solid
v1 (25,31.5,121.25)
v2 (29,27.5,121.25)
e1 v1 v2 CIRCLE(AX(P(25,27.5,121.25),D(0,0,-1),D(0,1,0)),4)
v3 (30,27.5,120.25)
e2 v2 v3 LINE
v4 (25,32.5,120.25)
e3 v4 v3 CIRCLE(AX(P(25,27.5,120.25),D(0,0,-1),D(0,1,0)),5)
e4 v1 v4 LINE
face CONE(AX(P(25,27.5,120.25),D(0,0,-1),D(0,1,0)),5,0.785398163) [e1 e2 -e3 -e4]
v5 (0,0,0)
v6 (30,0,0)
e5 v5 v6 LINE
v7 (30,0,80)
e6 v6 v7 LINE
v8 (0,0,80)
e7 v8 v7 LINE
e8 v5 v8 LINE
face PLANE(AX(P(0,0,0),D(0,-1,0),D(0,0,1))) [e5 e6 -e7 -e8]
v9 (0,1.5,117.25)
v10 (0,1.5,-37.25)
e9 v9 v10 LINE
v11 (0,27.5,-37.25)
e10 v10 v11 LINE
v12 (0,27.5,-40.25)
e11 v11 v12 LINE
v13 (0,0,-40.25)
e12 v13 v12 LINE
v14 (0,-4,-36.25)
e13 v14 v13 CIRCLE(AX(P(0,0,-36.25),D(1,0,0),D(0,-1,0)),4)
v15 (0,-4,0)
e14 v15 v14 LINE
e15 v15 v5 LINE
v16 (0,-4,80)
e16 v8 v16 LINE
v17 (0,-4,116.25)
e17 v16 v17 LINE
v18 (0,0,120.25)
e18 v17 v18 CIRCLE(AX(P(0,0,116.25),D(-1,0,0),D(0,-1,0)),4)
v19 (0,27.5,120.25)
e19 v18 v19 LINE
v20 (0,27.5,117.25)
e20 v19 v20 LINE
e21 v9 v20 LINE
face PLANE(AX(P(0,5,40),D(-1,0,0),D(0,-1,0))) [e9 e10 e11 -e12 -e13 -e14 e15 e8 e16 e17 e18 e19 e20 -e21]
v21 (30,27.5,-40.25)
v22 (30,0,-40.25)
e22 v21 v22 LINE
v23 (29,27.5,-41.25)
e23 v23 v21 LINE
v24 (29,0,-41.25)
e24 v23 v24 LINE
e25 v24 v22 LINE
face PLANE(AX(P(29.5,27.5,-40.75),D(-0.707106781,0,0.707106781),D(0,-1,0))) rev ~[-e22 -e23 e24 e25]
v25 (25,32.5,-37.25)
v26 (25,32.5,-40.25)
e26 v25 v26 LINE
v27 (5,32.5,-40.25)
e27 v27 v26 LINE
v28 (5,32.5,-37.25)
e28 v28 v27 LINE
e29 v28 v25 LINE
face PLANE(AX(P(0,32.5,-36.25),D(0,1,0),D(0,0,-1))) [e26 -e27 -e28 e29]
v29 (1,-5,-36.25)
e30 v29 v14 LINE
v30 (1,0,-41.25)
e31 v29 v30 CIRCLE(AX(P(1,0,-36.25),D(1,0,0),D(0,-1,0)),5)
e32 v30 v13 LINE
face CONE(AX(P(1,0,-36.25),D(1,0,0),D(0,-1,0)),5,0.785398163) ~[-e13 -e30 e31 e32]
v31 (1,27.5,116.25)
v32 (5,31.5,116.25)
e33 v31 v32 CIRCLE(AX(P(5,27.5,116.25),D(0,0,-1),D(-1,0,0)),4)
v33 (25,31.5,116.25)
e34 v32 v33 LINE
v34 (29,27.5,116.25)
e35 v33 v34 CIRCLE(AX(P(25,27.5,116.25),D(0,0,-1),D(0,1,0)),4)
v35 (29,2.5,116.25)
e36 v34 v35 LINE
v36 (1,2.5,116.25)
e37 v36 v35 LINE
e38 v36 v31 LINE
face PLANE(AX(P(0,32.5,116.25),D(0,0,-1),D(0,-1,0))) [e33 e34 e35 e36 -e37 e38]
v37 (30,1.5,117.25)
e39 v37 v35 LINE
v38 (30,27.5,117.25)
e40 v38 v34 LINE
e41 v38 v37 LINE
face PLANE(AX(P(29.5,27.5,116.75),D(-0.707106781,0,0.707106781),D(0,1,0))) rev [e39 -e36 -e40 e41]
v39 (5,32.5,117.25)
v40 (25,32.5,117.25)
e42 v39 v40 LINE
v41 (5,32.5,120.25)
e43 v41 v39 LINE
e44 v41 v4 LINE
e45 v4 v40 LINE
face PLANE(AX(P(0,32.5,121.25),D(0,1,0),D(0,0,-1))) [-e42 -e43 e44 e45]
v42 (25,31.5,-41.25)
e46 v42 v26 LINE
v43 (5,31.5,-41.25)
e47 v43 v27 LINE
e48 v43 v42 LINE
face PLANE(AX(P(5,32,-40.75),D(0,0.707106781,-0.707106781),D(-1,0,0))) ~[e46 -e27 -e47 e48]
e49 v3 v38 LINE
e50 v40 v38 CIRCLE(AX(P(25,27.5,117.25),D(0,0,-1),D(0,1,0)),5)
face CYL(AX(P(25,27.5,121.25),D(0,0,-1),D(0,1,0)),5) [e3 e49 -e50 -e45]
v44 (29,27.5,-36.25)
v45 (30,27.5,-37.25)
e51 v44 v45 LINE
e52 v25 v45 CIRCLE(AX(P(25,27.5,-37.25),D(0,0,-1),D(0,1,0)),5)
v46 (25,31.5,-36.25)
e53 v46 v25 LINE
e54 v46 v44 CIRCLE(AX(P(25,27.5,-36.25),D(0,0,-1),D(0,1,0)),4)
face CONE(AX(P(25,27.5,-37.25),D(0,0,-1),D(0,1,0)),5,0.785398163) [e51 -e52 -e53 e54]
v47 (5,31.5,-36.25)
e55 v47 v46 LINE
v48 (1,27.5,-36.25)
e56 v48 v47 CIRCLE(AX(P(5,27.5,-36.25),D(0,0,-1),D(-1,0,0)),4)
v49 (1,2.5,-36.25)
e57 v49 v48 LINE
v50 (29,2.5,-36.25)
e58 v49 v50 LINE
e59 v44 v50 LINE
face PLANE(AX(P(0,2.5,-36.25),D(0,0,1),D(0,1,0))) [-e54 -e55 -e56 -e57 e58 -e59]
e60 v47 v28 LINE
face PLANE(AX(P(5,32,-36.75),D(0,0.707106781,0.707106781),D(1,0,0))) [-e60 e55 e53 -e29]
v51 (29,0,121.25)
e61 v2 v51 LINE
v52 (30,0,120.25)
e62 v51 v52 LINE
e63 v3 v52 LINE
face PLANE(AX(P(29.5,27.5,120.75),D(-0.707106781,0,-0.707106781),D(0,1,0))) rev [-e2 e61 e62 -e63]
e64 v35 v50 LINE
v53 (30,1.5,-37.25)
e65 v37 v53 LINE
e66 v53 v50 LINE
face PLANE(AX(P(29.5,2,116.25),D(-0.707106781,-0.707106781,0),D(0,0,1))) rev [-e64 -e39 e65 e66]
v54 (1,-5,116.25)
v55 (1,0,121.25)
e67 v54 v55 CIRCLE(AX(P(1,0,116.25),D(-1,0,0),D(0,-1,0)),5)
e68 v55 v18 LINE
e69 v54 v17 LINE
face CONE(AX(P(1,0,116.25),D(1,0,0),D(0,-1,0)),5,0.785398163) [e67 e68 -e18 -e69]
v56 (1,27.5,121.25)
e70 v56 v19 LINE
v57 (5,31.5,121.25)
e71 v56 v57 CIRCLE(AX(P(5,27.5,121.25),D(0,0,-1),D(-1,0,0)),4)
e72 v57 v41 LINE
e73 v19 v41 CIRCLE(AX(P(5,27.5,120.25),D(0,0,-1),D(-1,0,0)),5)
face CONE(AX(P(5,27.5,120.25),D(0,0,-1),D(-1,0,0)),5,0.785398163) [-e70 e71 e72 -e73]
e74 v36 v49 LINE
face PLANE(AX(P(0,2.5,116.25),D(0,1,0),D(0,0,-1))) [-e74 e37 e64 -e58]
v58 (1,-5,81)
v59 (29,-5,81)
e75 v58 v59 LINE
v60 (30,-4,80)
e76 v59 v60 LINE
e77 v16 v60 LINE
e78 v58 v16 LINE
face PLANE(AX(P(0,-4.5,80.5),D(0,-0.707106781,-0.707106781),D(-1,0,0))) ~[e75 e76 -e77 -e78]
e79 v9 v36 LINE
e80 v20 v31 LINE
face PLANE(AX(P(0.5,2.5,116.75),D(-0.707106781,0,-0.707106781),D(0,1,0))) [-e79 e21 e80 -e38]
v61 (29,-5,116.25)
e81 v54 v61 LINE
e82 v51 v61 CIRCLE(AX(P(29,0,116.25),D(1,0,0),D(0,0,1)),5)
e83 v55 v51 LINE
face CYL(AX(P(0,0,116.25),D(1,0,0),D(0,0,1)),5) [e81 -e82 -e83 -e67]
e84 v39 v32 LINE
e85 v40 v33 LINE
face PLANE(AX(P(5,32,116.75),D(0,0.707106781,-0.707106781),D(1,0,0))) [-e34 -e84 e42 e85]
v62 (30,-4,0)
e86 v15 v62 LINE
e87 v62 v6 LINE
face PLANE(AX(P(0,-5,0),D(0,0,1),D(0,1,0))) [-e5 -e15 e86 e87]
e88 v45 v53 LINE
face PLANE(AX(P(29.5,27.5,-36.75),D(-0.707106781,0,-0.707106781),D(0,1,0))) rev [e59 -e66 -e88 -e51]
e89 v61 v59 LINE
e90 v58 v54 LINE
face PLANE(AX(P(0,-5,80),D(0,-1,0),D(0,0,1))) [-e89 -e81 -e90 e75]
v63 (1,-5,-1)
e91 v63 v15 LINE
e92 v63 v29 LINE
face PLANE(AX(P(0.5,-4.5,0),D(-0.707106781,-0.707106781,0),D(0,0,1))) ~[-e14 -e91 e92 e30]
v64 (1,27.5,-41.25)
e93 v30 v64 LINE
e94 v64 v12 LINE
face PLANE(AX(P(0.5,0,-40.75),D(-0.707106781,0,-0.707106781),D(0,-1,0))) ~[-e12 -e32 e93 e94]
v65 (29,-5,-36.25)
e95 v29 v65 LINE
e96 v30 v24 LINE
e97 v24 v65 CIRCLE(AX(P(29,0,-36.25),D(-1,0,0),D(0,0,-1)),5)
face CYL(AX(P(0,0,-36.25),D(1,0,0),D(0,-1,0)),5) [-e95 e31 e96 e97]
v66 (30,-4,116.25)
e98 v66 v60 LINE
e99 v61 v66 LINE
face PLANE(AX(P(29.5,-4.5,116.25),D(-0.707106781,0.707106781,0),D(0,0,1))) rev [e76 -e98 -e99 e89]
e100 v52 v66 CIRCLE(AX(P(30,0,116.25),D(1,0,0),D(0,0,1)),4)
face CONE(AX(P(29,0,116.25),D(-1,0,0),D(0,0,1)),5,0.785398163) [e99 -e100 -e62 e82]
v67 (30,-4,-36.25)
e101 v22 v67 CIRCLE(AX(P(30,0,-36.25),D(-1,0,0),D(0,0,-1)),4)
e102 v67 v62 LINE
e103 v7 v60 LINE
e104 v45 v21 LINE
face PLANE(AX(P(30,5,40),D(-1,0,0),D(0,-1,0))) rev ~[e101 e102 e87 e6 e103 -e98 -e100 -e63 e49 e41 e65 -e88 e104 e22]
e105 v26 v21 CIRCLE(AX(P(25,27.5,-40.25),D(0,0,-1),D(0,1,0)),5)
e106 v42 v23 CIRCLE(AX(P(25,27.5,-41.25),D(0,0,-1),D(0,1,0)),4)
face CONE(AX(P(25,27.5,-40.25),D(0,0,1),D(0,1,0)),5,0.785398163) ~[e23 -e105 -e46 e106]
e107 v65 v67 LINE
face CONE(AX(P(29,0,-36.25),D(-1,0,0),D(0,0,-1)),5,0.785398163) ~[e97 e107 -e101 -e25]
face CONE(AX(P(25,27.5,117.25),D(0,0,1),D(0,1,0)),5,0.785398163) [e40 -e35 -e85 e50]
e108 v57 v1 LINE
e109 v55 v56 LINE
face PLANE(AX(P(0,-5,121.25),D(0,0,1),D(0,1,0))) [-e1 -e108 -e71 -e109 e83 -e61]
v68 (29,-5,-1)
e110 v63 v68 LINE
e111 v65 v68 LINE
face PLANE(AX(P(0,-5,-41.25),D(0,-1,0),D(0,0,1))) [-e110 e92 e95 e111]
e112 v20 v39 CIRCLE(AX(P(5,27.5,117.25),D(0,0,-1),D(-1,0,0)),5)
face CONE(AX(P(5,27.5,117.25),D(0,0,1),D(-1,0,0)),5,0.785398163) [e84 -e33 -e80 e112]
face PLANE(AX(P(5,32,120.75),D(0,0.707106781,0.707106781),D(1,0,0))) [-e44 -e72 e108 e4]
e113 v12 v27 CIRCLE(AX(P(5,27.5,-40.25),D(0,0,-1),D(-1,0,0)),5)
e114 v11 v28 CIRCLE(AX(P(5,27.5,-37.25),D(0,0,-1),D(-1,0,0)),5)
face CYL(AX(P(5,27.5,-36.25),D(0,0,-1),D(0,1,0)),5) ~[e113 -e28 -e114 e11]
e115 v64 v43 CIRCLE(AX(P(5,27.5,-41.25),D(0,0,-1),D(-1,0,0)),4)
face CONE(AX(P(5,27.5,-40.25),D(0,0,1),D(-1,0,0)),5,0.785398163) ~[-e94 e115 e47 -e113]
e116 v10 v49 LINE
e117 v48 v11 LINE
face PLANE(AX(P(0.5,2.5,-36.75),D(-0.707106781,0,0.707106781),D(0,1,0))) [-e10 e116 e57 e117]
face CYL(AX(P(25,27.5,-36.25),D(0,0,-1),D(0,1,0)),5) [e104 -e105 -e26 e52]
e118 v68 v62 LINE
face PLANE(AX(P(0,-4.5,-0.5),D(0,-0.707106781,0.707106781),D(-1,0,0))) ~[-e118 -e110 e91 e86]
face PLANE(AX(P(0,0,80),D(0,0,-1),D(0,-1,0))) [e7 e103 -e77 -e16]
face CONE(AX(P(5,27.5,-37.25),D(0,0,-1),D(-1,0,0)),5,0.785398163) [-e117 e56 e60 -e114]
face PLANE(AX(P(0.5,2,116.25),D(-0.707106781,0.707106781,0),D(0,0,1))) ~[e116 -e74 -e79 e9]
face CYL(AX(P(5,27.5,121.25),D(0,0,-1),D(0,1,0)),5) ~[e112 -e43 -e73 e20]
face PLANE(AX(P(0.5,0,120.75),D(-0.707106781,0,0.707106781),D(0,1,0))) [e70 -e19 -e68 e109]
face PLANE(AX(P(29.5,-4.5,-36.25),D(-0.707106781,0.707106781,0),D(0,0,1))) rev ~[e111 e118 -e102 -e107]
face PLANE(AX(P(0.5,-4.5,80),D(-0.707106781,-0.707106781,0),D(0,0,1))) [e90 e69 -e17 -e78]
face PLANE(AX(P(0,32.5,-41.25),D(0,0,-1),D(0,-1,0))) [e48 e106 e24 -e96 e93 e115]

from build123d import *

# Parameters (mm, degrees)
PAD004_DEPTH    = 30
FILLET002_R     = 5
FILLET003_R     = 5
CHAMFER002_SIZE = 1


with BuildPart() as part:
    # Sketch006 → Pad004 (new body)
    with BuildSketch(Plane.YZ):
        Polygon((0, 0), (0, 80), (-5, 80), (-5, 121.25), (32.5, 121.25), (32.5, 116.25), (2.5, 116.25), (2.5, -36.25), (32.5, -36.25), (32.5, -41.25), (-5, -41.25), (-5, 0), align=None)
    extrude(amount=PAD004_DEPTH)

    # Fillet002
    fillet002_edges = [part.edges().sort_by_distance(p)[0] for p in [
        (0, 32.5, 118.75),
        (30, 32.5, 118.75),
        (0, 32.5, -38.75),
        (30, 32.5, -38.75),
    ]]
    fillet(fillet002_edges, radius=FILLET002_R)

    # Fillet003
    fillet003_edges = [part.edges().sort_by_distance(p)[0] for p in [
        (15, -5, 121.25),
        (15, -5, -41.25),
    ]]
    fillet(fillet003_edges, radius=FILLET003_R)

    # Chamfer002
    chamfer002_edges = [part.edges().sort_by_distance(p)[0] for p in [
        (30, 2.5, 40),
        (0, 2.5, 40),
        (15, 32.5, 116.25),
        (15, 32.5, -36.25),
        (15, 32.5, -41.25),
        (15, 32.5, 121.25),
        (15, -5, 80),
        (15, -5, 0),
    ]]
    chamfer(chamfer002_edges, length=CHAMFER002_SIZE)


solid = part.part
